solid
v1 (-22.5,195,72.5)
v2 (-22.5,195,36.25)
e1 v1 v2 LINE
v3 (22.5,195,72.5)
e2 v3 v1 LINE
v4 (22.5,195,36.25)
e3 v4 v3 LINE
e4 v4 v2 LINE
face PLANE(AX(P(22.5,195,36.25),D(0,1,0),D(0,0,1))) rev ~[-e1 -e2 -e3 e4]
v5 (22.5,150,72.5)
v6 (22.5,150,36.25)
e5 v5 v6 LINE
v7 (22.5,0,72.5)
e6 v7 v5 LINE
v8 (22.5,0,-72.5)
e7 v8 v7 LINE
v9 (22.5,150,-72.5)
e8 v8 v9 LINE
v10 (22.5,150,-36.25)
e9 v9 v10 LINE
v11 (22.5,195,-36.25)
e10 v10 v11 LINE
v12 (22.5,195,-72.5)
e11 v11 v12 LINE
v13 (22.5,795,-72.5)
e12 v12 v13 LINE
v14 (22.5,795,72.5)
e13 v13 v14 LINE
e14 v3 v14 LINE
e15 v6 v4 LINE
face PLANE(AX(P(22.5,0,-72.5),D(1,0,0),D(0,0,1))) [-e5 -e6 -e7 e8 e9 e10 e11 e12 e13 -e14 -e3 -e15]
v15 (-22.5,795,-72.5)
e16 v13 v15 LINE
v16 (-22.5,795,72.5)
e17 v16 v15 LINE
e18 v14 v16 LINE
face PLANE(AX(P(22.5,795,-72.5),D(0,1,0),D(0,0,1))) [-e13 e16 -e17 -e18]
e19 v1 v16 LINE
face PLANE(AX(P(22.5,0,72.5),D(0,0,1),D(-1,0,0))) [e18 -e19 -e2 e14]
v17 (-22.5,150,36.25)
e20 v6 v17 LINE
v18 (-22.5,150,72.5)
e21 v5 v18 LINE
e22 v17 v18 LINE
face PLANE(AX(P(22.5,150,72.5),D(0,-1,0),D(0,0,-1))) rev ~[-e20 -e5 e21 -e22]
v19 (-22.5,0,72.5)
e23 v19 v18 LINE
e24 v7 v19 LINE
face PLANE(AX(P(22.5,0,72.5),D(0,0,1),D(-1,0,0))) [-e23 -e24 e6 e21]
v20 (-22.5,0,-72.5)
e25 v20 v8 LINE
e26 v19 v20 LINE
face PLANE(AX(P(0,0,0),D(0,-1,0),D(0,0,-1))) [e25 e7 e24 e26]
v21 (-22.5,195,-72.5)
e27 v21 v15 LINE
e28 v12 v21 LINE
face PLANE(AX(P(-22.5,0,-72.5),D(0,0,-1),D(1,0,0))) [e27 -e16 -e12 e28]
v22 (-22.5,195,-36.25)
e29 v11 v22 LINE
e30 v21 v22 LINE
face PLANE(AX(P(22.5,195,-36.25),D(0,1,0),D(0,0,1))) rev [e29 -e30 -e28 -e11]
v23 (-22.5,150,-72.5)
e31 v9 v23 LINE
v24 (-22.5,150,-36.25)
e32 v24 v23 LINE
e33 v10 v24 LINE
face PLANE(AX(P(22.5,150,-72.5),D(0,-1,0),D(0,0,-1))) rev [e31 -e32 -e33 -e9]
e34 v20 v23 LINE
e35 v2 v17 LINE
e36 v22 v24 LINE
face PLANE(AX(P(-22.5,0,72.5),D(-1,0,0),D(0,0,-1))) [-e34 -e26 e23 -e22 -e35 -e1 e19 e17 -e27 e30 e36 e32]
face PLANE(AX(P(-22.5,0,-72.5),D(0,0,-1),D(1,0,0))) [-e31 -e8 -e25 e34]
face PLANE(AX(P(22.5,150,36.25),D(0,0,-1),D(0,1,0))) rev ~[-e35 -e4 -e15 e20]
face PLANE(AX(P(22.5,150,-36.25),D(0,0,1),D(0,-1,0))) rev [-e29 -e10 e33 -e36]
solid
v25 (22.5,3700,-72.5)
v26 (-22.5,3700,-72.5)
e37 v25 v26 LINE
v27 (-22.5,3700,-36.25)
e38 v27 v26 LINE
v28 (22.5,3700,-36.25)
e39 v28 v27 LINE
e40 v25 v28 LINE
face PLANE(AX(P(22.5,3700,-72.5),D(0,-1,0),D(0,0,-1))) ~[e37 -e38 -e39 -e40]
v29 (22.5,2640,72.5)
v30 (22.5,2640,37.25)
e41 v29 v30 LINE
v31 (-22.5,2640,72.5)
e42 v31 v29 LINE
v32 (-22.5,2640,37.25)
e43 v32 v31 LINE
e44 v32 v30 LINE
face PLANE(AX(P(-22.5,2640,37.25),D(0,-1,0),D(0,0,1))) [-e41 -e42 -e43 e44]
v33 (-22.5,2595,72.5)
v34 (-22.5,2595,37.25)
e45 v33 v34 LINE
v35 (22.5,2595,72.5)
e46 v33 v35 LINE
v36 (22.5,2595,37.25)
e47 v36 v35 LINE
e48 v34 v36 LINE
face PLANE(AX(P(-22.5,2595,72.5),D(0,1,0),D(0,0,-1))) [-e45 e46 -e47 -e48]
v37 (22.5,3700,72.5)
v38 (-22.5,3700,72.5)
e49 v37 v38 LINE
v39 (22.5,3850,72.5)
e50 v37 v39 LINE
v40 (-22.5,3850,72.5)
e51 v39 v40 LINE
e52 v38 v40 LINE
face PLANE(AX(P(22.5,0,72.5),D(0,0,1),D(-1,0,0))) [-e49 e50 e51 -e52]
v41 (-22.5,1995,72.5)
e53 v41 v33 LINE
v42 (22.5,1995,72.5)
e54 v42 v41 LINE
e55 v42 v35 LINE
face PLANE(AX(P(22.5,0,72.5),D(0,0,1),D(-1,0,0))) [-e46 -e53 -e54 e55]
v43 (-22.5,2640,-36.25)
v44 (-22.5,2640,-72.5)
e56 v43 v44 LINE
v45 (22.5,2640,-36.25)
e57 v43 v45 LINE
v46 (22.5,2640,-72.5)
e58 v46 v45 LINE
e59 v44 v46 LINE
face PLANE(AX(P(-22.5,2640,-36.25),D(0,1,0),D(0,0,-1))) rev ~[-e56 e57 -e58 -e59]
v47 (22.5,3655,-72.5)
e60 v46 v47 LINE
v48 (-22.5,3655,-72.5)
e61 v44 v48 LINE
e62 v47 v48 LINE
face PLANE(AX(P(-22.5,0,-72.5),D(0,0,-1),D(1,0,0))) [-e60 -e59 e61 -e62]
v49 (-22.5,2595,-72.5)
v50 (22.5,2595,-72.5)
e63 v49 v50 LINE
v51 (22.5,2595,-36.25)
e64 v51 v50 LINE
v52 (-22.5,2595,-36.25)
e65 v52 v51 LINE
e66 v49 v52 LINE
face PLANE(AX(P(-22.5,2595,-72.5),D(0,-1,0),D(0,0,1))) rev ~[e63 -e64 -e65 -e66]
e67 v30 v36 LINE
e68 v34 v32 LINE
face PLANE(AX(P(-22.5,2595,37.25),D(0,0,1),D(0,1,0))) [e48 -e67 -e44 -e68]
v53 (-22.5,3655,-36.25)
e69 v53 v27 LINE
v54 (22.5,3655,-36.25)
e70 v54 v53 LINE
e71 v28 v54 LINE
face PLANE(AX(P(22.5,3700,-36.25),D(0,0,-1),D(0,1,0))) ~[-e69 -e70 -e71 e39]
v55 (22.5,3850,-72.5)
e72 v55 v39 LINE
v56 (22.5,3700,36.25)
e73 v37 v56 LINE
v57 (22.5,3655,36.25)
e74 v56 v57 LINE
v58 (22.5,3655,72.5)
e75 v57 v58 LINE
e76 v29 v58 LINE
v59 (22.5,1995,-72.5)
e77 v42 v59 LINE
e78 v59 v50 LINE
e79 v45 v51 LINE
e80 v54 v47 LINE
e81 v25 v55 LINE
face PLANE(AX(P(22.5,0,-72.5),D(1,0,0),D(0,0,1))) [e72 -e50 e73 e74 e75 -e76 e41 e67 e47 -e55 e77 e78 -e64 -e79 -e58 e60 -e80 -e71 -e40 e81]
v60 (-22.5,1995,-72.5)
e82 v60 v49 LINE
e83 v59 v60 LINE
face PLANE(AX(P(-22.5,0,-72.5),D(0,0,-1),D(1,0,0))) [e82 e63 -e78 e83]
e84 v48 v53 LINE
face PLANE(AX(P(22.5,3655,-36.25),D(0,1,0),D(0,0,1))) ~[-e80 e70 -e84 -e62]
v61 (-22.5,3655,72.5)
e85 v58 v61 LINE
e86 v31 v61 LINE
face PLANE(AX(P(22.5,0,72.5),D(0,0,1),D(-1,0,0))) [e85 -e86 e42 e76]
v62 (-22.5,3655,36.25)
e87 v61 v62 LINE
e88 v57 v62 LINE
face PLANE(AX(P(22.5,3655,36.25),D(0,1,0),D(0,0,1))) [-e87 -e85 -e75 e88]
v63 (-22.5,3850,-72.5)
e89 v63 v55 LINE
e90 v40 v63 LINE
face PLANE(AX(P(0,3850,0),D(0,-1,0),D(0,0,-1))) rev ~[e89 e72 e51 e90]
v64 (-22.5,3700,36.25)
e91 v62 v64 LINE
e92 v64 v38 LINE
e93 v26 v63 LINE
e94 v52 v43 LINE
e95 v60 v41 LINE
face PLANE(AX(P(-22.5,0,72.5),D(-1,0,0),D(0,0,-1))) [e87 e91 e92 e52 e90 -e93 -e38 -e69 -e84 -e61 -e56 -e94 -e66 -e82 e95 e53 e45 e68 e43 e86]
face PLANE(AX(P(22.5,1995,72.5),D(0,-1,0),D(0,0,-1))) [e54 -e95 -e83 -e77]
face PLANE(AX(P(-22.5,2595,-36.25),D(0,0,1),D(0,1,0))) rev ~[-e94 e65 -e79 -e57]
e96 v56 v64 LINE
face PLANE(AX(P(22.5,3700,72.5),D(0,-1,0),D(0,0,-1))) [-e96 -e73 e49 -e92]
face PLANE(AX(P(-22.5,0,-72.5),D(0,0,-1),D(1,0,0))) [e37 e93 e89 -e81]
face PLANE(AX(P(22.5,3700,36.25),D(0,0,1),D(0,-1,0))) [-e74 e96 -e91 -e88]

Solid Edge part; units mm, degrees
sketch "Sketch1" plane through (0, 0, 0) normal (0, -1, 0) x (1, 0, 0)
  line L0 (-22.5, -72.5) -> (22.5, -72.5)
  line L1 (22.5, -72.5) -> (22.5, 72.5)
  line L2 (22.5, 72.5) -> (-22.5, 72.5)
  line L3 (-22.5, 72.5) -> (-22.5, -72.5)
extrude "Protrusion1" add sketch "Sketch1" against normal blind 3850
sketch "Sketch2" plane through (22.5, 1925, 0) normal (1, 0, 0) x (0, 1, 0)
  line L0 (1775, 72.5) -> (1775, 36.25)
  line L1 (1775, 36.25) -> (1730, 36.25)
  line L2 (1730, 36.25) -> (1730, 72.5)
  line L3 (1730, 72.5) -> (1775, 72.5)
  line L4 (-1775, 72.5) -> (-1775, 36.25)
  line L5 (-1775, 36.25) -> (-1730, 36.25)
  line L6 (-1730, 36.25) -> (-1730, 72.5)
  line L7 (-1730, 72.5) -> (-1775, 72.5)
extrude "ExtrudedCutout_1" cut sketch "Sketch2" against normal blind 86.6929
mirror "Mirror1" about plane through (0, 0, 0) normal (0, 0, -1) of "ExtrudedCutout_1"
sketch "Sketch3" plane through (-22.5, 1925, 0) normal (-1, 0, 0) x (0, -1, 0)
  line L0 (-670, 72.5) -> (-715, 72.5)
  line L1 (-715, 37.25) -> (-715, 72.5)
  line L2 (-670, 37.25) -> (-715, 37.25)
  line L3 (-670, 72.5) -> (-670, 37.25)
  line L4 (-715, -72.5) -> (-670, -72.5)
  line L5 (-670, -72.5) -> (-670, -36.25)
  line L6 (-670, -36.25) -> (-715, -36.25)
  line L7 (-715, -36.25) -> (-715, -72.5)
extrude "ExtrudedCutout_2" cut sketch "Sketch3" against normal blind 78.7482
sketch "Sketch4" plane through (22.5, 1925, 0) normal (1, 0, 0) x (0, 1, 0)
  line L0 (-1130, 72.5) -> (70, 72.5)
  line L1 (70, 72.5) -> (70, -72.5)
  line L2 (70, -72.5) -> (-1130, -72.5)
  line L3 (-1130, -72.5) -> (-1130, 72.5)
extrude "ExtrudedCutout_4" cut sketch "Sketch4" against normal blind 117.5606
properties material "Wood, Pine"
